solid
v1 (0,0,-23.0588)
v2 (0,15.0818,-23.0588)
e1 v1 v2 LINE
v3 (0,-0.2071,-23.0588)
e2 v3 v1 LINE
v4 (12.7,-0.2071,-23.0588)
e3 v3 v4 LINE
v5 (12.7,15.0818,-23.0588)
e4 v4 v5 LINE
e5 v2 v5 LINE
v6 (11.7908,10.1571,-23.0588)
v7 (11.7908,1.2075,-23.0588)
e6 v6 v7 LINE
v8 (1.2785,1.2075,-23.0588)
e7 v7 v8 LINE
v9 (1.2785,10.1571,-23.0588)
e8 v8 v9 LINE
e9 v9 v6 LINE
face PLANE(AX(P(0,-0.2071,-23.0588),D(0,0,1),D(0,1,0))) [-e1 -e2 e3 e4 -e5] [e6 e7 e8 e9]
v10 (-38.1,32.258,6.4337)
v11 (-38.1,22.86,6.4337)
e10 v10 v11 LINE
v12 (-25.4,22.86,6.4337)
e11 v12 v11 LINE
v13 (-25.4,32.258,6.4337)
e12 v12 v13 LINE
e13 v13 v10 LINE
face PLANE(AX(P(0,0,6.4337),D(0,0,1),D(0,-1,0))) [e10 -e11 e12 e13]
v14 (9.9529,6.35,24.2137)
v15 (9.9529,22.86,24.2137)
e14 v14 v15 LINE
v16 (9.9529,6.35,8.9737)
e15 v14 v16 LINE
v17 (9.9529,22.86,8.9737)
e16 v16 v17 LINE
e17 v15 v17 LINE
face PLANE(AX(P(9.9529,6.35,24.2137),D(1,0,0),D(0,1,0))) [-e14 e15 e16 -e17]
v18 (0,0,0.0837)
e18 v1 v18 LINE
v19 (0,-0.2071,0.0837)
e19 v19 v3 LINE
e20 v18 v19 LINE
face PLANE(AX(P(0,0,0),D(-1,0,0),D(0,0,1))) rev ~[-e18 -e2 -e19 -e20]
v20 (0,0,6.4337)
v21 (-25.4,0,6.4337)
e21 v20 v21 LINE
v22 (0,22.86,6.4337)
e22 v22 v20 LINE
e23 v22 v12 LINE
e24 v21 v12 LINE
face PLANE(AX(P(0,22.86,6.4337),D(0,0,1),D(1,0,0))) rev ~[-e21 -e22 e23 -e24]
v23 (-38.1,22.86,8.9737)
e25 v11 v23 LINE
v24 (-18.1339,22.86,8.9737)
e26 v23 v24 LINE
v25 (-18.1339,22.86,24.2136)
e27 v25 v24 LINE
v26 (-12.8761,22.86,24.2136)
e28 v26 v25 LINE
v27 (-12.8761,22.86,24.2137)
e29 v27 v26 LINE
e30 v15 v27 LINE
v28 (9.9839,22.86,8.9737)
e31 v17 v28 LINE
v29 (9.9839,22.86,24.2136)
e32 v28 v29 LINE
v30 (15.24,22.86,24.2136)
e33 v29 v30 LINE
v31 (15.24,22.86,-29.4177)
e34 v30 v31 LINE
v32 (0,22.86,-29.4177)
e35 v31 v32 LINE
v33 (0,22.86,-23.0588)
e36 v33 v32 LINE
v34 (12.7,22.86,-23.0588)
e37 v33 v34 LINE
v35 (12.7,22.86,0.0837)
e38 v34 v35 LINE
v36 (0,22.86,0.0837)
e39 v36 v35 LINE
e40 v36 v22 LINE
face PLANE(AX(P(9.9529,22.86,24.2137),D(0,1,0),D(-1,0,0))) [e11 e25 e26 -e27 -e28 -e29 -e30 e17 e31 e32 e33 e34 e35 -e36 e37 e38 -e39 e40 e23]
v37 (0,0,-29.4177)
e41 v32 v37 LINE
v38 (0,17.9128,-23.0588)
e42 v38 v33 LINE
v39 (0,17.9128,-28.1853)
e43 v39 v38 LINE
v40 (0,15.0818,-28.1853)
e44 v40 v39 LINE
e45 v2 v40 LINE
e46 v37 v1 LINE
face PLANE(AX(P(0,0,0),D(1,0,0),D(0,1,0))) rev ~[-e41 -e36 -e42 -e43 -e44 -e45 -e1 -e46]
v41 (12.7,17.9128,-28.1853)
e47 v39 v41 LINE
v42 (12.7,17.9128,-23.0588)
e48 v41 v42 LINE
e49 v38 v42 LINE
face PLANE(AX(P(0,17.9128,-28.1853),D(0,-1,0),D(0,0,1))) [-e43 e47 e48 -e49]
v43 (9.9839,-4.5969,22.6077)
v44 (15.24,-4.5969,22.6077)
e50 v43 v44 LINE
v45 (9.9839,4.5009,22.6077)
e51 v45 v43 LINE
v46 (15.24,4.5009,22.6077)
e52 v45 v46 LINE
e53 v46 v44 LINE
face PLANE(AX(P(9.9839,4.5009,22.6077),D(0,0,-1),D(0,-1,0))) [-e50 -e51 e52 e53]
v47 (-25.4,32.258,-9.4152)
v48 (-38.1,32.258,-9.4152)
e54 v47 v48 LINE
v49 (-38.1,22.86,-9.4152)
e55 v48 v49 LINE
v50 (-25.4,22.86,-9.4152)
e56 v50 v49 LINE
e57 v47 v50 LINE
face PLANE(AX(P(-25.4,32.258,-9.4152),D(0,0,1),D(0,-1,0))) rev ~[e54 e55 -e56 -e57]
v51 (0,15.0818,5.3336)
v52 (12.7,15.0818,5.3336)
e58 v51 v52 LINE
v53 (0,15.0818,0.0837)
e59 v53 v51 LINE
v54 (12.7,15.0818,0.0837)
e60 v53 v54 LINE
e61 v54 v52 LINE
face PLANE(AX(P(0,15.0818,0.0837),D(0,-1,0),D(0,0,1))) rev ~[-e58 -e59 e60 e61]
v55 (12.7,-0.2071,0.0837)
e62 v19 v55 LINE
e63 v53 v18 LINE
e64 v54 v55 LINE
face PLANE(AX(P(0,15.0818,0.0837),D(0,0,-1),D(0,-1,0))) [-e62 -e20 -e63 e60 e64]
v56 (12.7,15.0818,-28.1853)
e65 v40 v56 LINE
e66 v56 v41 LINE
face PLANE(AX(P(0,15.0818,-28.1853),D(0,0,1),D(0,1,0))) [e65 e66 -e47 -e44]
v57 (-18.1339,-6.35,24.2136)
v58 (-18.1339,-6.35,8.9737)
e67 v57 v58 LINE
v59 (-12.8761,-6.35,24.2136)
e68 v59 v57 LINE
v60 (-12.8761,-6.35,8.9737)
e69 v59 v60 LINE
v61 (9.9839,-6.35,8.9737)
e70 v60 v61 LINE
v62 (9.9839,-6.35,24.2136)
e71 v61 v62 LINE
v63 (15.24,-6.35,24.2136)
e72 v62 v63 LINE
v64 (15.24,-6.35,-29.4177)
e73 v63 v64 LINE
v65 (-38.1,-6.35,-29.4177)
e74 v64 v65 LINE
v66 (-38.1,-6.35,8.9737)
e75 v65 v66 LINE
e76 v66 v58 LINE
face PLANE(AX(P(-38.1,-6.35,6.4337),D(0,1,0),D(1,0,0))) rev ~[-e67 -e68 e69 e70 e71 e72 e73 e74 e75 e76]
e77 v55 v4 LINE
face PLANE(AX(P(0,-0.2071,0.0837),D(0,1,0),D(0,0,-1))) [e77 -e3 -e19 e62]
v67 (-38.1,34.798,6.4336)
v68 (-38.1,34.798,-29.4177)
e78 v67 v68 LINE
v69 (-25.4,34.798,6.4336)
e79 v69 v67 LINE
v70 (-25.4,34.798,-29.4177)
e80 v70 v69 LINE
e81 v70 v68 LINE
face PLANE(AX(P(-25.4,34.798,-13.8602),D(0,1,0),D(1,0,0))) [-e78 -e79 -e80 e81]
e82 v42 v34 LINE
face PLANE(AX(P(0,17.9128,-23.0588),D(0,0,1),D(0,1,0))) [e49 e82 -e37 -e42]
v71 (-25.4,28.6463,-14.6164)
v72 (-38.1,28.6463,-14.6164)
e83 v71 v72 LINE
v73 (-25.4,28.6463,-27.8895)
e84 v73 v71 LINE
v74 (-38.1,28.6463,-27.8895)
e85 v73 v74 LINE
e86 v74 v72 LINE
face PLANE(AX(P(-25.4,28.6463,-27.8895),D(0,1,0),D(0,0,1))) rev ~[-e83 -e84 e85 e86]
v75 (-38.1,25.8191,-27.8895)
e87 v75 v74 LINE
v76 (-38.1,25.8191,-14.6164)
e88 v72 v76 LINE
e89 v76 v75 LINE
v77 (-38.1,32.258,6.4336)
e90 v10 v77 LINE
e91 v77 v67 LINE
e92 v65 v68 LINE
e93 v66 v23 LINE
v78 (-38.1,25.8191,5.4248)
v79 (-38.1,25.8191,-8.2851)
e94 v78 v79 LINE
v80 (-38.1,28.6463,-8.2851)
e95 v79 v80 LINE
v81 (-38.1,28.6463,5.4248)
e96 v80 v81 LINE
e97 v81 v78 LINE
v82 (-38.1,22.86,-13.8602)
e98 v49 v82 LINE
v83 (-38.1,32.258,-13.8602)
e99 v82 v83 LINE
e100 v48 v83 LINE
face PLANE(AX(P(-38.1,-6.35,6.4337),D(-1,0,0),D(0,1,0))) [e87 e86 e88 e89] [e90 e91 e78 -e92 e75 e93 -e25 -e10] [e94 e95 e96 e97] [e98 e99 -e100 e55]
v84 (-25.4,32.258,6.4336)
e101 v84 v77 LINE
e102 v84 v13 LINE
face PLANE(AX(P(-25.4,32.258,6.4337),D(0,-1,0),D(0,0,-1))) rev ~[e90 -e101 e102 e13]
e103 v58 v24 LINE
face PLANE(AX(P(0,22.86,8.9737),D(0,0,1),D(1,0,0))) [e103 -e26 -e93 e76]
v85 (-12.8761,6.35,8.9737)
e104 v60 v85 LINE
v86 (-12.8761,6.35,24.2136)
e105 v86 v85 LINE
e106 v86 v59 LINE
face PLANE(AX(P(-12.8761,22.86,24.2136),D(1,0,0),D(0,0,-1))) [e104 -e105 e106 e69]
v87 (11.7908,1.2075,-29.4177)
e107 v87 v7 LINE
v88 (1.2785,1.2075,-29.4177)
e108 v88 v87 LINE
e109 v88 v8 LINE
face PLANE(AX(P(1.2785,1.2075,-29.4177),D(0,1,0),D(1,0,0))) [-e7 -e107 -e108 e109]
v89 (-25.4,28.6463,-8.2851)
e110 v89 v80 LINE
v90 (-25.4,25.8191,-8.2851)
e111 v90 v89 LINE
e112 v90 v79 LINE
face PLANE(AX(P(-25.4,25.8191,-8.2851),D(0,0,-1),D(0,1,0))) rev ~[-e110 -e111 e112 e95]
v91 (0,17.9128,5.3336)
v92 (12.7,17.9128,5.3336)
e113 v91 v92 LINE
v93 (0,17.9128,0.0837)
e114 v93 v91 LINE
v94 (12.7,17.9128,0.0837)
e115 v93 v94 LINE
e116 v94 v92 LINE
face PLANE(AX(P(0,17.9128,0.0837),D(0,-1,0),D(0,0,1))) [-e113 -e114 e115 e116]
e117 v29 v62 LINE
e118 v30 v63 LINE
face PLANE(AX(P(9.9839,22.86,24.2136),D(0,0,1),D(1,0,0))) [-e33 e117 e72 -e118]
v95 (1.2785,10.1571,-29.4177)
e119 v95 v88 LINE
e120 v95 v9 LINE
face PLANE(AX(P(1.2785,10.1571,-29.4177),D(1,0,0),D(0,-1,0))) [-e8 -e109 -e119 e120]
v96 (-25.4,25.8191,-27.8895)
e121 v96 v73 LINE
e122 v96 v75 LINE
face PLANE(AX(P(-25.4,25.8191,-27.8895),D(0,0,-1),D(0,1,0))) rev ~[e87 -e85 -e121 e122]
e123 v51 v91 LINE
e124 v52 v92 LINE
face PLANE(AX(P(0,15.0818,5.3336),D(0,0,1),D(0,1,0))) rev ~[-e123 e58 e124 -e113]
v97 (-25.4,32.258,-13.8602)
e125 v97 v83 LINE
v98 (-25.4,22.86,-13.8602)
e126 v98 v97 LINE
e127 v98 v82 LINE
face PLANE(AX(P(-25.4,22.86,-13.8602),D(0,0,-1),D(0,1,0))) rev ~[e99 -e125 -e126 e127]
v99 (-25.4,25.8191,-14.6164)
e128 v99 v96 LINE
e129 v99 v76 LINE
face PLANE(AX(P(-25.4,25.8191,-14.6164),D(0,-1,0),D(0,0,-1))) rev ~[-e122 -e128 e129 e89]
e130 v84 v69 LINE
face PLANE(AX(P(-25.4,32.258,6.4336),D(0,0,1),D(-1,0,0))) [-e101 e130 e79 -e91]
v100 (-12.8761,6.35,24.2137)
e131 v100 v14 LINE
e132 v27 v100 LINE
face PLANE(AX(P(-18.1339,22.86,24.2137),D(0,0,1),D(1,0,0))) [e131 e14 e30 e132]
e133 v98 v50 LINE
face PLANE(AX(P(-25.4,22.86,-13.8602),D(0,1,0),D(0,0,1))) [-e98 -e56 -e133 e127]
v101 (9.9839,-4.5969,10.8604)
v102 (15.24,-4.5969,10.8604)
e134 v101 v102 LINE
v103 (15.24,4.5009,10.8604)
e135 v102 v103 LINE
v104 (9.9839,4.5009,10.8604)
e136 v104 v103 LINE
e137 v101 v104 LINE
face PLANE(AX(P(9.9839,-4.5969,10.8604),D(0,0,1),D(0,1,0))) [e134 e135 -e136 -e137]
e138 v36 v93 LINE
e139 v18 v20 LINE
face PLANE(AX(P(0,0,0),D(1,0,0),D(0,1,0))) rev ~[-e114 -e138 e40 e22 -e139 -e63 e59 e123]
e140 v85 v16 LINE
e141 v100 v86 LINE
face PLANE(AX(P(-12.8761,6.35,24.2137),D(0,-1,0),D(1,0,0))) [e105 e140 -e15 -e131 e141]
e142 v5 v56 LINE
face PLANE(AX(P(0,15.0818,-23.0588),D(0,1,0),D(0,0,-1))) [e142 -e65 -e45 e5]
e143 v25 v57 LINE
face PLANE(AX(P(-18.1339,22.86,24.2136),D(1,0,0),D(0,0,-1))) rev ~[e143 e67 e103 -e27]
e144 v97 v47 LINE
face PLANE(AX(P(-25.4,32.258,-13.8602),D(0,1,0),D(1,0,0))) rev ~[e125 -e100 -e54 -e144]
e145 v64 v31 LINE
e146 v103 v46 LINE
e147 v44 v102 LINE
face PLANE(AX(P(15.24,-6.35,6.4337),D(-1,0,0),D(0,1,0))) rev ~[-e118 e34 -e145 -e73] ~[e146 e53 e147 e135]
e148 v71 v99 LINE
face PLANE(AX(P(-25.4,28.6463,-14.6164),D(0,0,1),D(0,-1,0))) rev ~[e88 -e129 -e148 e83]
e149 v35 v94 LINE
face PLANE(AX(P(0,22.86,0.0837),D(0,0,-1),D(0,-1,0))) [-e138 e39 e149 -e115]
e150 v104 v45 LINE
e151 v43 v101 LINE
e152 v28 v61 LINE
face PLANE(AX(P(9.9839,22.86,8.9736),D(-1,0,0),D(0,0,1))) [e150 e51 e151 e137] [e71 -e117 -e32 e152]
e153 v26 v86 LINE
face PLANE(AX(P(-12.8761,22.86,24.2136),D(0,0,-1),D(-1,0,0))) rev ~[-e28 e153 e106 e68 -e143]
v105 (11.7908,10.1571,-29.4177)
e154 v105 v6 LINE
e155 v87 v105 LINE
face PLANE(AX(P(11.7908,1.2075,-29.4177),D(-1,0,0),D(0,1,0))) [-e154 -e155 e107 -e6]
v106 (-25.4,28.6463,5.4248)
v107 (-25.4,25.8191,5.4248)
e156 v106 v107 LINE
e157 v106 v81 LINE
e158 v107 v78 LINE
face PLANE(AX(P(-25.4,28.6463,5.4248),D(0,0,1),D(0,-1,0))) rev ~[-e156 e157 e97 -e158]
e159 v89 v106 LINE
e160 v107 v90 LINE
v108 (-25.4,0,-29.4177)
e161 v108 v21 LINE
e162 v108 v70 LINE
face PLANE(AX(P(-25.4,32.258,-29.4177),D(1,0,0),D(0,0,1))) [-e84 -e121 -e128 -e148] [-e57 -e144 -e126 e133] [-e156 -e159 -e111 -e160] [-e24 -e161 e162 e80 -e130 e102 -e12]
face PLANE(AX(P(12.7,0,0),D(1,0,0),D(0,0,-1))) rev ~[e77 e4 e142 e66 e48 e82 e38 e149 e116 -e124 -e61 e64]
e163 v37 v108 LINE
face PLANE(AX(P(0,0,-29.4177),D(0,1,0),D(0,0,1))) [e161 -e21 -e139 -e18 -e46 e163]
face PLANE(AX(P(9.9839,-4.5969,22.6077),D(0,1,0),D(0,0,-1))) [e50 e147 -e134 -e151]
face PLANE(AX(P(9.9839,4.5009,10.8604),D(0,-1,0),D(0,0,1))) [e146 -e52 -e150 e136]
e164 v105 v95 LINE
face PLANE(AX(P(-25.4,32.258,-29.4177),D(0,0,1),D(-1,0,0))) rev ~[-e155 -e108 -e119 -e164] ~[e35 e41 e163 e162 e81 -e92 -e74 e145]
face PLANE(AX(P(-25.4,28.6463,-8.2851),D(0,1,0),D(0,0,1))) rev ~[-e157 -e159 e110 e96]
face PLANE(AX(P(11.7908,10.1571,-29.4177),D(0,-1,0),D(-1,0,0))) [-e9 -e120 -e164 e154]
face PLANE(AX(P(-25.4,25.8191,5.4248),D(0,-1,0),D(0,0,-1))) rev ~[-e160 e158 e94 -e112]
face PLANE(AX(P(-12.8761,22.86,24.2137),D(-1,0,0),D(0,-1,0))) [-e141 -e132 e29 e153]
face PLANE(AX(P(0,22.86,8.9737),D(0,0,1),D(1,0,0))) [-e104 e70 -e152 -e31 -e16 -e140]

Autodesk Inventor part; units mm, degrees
ref_plane "YZ Plane" through (0, 0, 0) normal (1, 0, 0) x (0, 1, 0)
ref_plane "XZ Plane" through (0, 0, 0) normal (0, 1, 0) x (-1, 0, 0)
ref_plane "XY Plane" through (0, 0, 0) normal (0, 0, 1) x (1, 0, 0)
sketch "Sketch1" plane through (0, 0, 0) normal (1, 0, 0) x (0, 1, 0)
  line L0 (0, 0) -> (22.86, 0)
  line L1 (22.86, 0) -> (22.86, -22.86)
  line L2 (22.86, -22.86) -> (0, -22.86)
  line L3 (0, -22.86) -> (0, 0)
  line L4 (0, -22.86) -> (15.24, -22.86)
  line L5 (0, -22.86) -> (15.24, -22.86) construction
  line L6 (15.24, -22.86) -> (15.24, -27.94)
  line L7 (15.24, -27.94) -> (17.78, -27.94)
  line L8 (17.78, -27.94) -> (17.78, -22.86)
  line L9 (17.78, 0) -> (17.78, 5.08)
  line L10 (17.78, 5.08) -> (15.24, 5.08)
  line L11 (15.24, 5.08) -> (15.24, 0)
  line L12 (17.9128, 0) -> (15.0818, 0)
  line L13 (15.0818, 5.3336) -> (17.9128, 5.3336)
  line L14 (17.9128, -22.86) -> (15.0818, -22.86)
  line L15 (15.0818, -28.1853) -> (17.9128, -28.1853)
  line L16 (17.9128, 0.0837) -> (17.9128, 5.3336)
  line L17 (15.0818, 0.0837) -> (15.0818, 5.3336)
  line L18 (15.0818, 0.0837) -> (-0.2071, 0.0837)
  line L19 (-0.2071, 0.0837) -> (-0.2071, -23.0588)
  line L20 (-0.2071, -23.0588) -> (15.0818, -23.0588)
  line L21 (15.0818, -23.0588) -> (15.0818, -28.1853)
  line L22 (17.9128, -28.1853) -> (17.9128, -23.0588)
  line L23 (17.9128, -23.0588) -> (22.86, -23.0588)
  line L24 (22.86, -23.0588) -> (22.86, -29.4177)
  line L25 (22.86, -29.4177) -> (-6.35, -29.4177)
  line L26 (22.86, 0.0837) -> (17.9128, 0.0837)
  line L27 (22.86, 0.0837) -> (22.86, 6.4337)
  line L28 (22.86, 6.4337) -> (-6.35, 6.4337)
  line L29 (-6.35, -29.4177) -> (-6.35, 6.4337)
  dimension "d0" = 22.86
  dimension "d1" = 22.86
  dimension "d4" = 5.08
  dimension "d5" = 2.54
  dimension "d6" = 5.08
  dimension "d7" = 2.54
  dimension "d9" = 29.21
  dimension "d11" = 6.35
extrude "Extrusion1" add sketch "Sketch1" along normal blind 12.7 contours L17 L18 L19 L20 L21 L15 L22 L23 L24 L25 L29 L28 L27 L26 L16 L13
sketch "Sketch2" plane through (12.7, 0, 0) normal (1, 0, 0) x (0, 0, -1)
  line L0 (-6.4337, 22.86) -> (-6.4337, -6.35) projected
  line L1 (29.4177, 22.86) -> (23.0588, 22.86) projected
  line L2 (-6.4337, -6.35) -> (29.4177, -6.35)
  line L3 (29.4177, -6.35) -> (29.4177, 22.86)
  line L4 (29.4177, 22.86) -> (-6.4337, 22.86)
  line L5 (-6.4337, 22.86) -> (-6.4337, -6.35)
  point P0 (0, 0)
  dimension "d16" = 29.21
  dimension "d17" = 35.8513
extrude "Extrusion2" add sketch "Sketch2" along normal blind 2.54
sketch "Sketch3" plane through (0, 0, 0) normal (-1, 0, 0) x (0, 0, 1)
  line L0 (-29.4177, -6.35) -> (-29.4177, 22.86) projected
  line L1 (6.4337, -6.35) -> (-29.4177, -6.35) projected
  line L2 (-29.4177, 0) -> (6.4337, 0)
  line L3 (6.4337, 0) -> (6.4337, -6.35)
  line L4 (6.4337, -6.35) -> (-29.4177, -6.35)
  line L5 (-29.4177, -6.35) -> (-29.4177, 0)
  point P0 (0, 0)
extrude "Extrusion3" add sketch "Sketch3" along normal blind 25.4
sketch "Sketch4" plane through (-25.4, 0, 0) normal (-1, 0, 0) x (0, 0, 1)
  line L0 (6.4337, -6.35) -> (-29.4177, -6.35) projected
  line L1 (6.4337, 22.86) -> (6.4337, -6.35) projected
  line L2 (-29.4177, -6.35) -> (6.4337, -6.35)
  line L3 (6.4337, -6.35) -> (6.4337, 22.86)
  line L4 (-29.4177, 22.86) -> (-29.4177, -6.35)
  line L5 (6.4337, 32.258) -> (-29.4177, 32.258)
  line L6 (-29.4177, 32.258) -> (-29.4177, 22.86)
  line L7 (-29.4177, 32.258) -> (-7.1927, 32.258)
  line L8 (-7.1927, 32.258) -> (-11.6377, 32.258)
  line L9 (-29.4177, 22.86) -> (6.4337, 22.86) projected
  line L10 (-11.6377, 32.258) -> (-9.4152, 32.258)
  line L11 (-9.4152, 22.86) -> (-11.6377, 22.86)
  line L12 (-9.4152, 22.86) -> (-13.8602, 22.86)
  line L13 (-13.8602, 22.86) -> (-13.8602, 32.258)
  line L14 (-13.8602, 32.258) -> (-9.4152, 32.258)
  line L15 (-27.8895, 28.6463) -> (-14.6164, 28.6463)
  line L16 (-14.6164, 28.6463) -> (-14.6164, 25.8191)
  line L17 (-14.6164, 25.8191) -> (-27.8895, 25.8191)
  line L18 (-27.8895, 25.8191) -> (-27.8895, 28.6463)
  line L19 (-8.2851, 28.6463) -> (5.4248, 28.6463)
  line L20 (5.4248, 28.6463) -> (5.4248, 25.8191)
  line L21 (5.4248, 25.8191) -> (-8.2851, 25.8191)
  line L22 (-8.2851, 25.8191) -> (-8.2851, 28.6463)
  line L23 (-8.2851, 28.6463) -> (5.4248, 28.6463)
  line L24 (5.4248, 28.6463) -> (5.4248, 25.8191)
  line L25 (5.4248, 25.8191) -> (-8.2851, 25.8191)
  line L26 (-8.2851, 25.8191) -> (-8.2851, 28.6463)
  line L27 (6.4337, 32.258) -> (-9.4152, 32.258)
  line L28 (-9.4152, 32.258) -> (-9.4152, 22.86)
  line L29 (-9.4152, 22.86) -> (6.4337, 22.86)
  line L30 (6.4337, 22.86) -> (6.4337, 32.258)
  line L31 (-29.4177, -6.35) -> (-29.4177, 22.86) projected
  line L32 (0.0837, 22.86) -> (6.4337, 22.86) projected
  line L33 (-29.4177, 22.86) -> (6.4337, 22.86)
  line L34 (6.4337, 22.86) -> (6.4337, 32.258)
  line L35 (6.4337, 32.258) -> (-29.4177, 32.258)
  line L36 (-29.4177, 22.86) -> (-29.4177, 32.258)
  point P0 (0, 0)
  dimension "d21" = 22.225
  dimension "d23" = 2.2225
  dimension "d24" = 4.445
extrude "Extrusion7" add sketch "Sketch4" along normal blind 12.7 contours L0 L4 L9 L1 | L9 L28 L5 L30 | L6 L5 L13 L9
sketch "Sketch6" plane through (-25.4, 32.258, -13.8602) normal (0, 1, 0) x (1, 0, 0)
  line L0 (0, 15.5575) -> (-12.7, 15.5575) projected
  line L1 (0, -20.2938) -> (-12.7, -20.2938) projected
  line L2 (-12.7, 15.5575) -> (0, 15.5575)
  line L3 (0, 15.5575) -> (0, -20.2938)
  line L4 (0, -20.2938) -> (-12.7, -20.2938)
  line L5 (-12.7, -20.2938) -> (-12.7, 15.5575)
  point P0 (25.4, -13.8602)
extrude "Extrusion8" add sketch "Sketch6" along normal blind 2.54
sketch "Sketch7" plane through (0, 22.86, 6.4337) normal (0, 0, 1) x (1, 0, 0)
  line L0 (0, 0) -> (15.24, 0) projected
  line L1 (-38.1, -29.21) -> (-38.1, 11.938) projected
  line L2 (15.24, 0) -> (-38.1, 0)
  line L3 (-38.1, 0) -> (-38.1, -29.21)
  line L4 (-38.1, -29.21) -> (15.24, -29.21)
  line L5 (15.24, -29.21) -> (15.24, 0)
  point P0 (0, -22.86)
extrude "Extrusion9" add sketch "Sketch7" along normal blind 2.54
sketch "Sketch8" plane through (0, 22.86, -23.0588) normal (0, 1, 0) x (1, 0, 0)
  line L0 (15.24, -32.0324) -> (-38.1, -32.0324) projected
  line L1 (-12.8761, -32.0324) -> (9.9839, -32.0324)
  line L2 (-12.8761, -47.2724) -> (-12.8761, -32.0324)
  line L3 (9.9839, -47.2724) -> (15.24, -47.2724)
  line L4 (15.24, -32.0324) -> (9.9839, -32.0324)
  line L5 (9.9839, -32.0324) -> (9.9839, -47.2724)
  line L6 (-12.8761, -47.2724) -> (-18.1339, -47.2724)
  line L7 (-18.1339, -32.0324) -> (-12.8761, -32.0324)
  line L8 (-12.8761, -32.0324) -> (-12.8761, -47.2724)
  line L9 (9.9839, -32.0324) -> (15.24, -32.0324)
  line L10 (15.24, -47.2724) -> (9.9839, -47.2724)
  line L11 (9.9839, -47.2724) -> (9.9839, -32.0324)
  line L12 (-18.1339, -32.0324) -> (15.24, -32.0324)
  line L13 (15.24, -32.0324) -> (15.24, -47.2724)
  line L14 (15.24, -32.0324) -> (9.9839, -32.0324)
  line L15 (-18.1339, -47.2724) -> (-18.1339, -32.0324)
  line L16 (-12.8761, -32.0324) -> (-18.1339, -32.0324)
  point P0 (0, -23.0588)
  dimension "d37" = 22.86
  dimension "d39" = 5.2578
extrude "Extrusion11" add sketch "Sketch8" against normal blind 29.21
sketch "Sketch9" plane through (-18.1339, 22.86, 24.2137) normal (0, 0, 1) x (1, 0, 0)
  line L0 (5.2578, -29.21) -> (0, -29.21) projected
  line L1 (5.2578, 0) -> (5.2578, -29.21) projected
  line L2 (5.2578, -16.51) -> (28.0868, -16.51)
  line L3 (28.0868, -16.51) -> (28.0868, 0)
  line L4 (28.0868, 0) -> (5.2578, 0)
  line L5 (5.2578, 0) -> (5.2578, -16.51)
  point P0 (18.1339, -22.86)
  dimension "d44" = 12.7
extrude "Extrusion12" add sketch "Sketch9" against normal blind 15.5575
sketch "Sketch10" plane through (9.9839, 22.86, 8.9737) normal (-1, 0, 0) x (0, 0, 1)
  line L0 (1.8867, -18.3591) -> (13.634, -18.3591)
  line L1 (13.634, -18.3591) -> (13.634, -27.4569)
  line L2 (13.634, -27.4569) -> (1.8867, -27.4569)
  line L3 (1.8867, -27.4569) -> (1.8867, -18.3591)
  point P0 (-8.9737, -22.86)
extrude "Extrusion13" cut sketch "Sketch10" against normal blind 15.5575
sketch "Sketch11" plane through (15.24, 22.86, -29.4177) normal (0, 0, -1) x (-1, 0, 0)
  line L0 (3.4492, -12.7029) -> (13.9615, -12.7029)
  line L1 (13.9615, -12.7029) -> (13.9615, -21.6525)
  line L2 (13.9615, -21.6525) -> (3.4492, -21.6525)
  line L3 (3.4492, -21.6525) -> (3.4492, -12.7029)
  point P0 (15.24, -22.86)
extrude "Extrusion14" cut sketch "Sketch11" against normal blind 15.5575
properties part number "thingy_for_arms_servo"
